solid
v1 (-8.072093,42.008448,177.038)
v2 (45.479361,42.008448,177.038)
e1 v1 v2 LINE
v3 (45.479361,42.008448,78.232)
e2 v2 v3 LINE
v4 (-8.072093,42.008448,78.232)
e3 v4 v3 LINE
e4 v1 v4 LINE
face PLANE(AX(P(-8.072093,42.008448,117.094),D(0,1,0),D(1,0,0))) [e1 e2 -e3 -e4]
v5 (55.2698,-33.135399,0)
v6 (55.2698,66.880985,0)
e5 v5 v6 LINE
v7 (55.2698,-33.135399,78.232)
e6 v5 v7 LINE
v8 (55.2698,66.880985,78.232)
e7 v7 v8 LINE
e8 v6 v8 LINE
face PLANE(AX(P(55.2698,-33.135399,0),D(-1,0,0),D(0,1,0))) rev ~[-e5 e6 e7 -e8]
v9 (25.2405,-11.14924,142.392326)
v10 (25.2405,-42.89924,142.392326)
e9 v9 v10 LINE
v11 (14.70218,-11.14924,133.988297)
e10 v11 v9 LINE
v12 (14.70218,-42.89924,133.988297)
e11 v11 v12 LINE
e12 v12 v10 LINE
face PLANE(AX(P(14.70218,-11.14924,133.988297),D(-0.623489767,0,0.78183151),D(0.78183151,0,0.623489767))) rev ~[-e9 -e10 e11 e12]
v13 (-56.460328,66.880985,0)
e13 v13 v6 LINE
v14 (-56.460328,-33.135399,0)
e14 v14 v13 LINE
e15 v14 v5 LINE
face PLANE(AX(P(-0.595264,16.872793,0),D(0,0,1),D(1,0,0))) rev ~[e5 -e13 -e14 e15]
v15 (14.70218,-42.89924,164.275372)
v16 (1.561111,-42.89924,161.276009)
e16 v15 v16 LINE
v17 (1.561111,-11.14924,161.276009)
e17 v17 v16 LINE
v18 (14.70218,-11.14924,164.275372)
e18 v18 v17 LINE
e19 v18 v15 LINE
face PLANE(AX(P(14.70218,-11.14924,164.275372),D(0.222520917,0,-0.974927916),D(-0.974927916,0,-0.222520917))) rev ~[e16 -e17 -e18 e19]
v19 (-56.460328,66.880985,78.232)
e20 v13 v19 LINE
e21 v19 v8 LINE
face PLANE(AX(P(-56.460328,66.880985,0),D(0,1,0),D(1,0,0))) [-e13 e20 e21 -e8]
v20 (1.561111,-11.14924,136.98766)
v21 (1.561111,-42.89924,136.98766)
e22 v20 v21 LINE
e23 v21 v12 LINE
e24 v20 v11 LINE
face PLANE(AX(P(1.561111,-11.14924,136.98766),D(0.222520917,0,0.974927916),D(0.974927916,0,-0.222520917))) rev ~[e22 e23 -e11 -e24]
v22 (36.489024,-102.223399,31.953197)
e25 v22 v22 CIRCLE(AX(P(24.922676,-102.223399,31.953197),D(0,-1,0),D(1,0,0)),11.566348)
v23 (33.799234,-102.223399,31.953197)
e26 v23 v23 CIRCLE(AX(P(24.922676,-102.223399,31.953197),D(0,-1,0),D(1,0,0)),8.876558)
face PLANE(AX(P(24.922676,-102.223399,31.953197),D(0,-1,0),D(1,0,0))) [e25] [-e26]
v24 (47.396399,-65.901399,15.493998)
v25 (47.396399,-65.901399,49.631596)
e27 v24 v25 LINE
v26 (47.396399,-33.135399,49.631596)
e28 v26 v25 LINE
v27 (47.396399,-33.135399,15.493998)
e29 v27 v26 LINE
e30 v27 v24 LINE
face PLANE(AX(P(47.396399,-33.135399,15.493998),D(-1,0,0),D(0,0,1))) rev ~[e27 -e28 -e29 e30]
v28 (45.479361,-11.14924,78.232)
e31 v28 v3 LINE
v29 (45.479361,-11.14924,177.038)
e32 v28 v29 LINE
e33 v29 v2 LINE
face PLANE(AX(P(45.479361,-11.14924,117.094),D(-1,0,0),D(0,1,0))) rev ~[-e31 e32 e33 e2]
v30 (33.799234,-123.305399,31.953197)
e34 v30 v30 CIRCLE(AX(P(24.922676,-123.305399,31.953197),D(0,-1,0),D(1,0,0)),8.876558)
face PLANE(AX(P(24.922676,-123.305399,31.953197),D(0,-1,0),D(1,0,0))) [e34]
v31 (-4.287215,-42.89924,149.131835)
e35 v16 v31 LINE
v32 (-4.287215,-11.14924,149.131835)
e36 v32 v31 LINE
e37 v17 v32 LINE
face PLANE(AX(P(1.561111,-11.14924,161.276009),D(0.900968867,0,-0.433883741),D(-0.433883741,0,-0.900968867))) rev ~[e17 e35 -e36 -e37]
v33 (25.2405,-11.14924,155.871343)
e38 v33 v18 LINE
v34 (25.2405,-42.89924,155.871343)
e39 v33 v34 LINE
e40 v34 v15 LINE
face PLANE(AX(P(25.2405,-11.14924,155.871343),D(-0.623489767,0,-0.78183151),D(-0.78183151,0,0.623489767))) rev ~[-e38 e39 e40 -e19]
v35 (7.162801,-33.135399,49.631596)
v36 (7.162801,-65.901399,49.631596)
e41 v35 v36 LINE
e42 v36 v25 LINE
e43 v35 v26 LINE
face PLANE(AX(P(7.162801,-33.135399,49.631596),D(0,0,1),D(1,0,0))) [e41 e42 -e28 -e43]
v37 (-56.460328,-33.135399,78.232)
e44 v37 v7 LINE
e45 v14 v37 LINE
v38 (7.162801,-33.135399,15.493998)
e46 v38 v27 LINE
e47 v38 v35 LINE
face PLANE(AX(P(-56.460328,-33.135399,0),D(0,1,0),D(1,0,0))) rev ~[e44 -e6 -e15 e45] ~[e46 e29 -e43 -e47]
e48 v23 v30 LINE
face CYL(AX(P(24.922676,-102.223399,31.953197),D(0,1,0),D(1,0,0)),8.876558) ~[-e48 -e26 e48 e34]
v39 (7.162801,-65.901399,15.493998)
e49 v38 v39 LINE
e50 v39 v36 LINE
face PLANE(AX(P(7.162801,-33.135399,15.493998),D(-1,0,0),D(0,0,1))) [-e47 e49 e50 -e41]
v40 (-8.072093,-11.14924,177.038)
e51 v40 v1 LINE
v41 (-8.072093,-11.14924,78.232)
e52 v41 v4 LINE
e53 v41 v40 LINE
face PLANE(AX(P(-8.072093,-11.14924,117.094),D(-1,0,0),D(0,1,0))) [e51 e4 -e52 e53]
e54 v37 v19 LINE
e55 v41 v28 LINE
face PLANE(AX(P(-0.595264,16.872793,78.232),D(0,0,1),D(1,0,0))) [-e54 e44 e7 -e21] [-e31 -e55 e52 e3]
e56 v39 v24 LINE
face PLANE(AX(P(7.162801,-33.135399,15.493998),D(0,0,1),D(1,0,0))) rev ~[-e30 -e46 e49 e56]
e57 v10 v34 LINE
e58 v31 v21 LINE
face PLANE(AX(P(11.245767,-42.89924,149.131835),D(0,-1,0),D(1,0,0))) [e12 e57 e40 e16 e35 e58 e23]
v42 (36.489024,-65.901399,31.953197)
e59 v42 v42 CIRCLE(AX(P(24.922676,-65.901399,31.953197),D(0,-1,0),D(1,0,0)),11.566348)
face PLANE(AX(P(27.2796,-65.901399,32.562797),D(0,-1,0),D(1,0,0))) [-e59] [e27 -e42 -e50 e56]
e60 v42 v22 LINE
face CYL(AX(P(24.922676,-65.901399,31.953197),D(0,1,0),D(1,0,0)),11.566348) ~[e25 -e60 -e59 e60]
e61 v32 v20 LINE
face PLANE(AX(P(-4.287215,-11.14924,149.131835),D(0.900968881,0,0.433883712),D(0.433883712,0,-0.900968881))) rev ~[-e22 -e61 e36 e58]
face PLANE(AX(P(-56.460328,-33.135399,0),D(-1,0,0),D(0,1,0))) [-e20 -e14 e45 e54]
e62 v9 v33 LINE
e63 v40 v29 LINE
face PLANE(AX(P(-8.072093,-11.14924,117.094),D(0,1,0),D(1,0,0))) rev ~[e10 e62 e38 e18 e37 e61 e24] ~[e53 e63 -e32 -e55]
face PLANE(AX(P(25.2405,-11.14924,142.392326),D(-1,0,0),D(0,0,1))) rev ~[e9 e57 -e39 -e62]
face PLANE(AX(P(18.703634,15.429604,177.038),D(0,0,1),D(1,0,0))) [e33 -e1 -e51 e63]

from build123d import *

# Parameters (mm, degrees)
F0_W      = 111.730128
F0_H      = 100.016385
F1_DEPTH  = 78.232
F2_W      = 40.233598
F2_H      = 34.137598
F3_DEPTH  = 32.766
F4_R      = 11.566348
F5_DEPTH  = 36.322
F6_R      = 8.876558
F7_DEPTH  = 21.082
F8_W      = 53.551454
F8_H      = 53.157688
F9_DEPTH  = 38.862
F9_FACE_W = 53.551454
F9_FACE_H = 53.157688
F10_DEPTH = 59.944
F12_DEPTH = 31.75


with BuildPart() as f1:
    # F0 (on Top) → F1 (new body)
    with BuildSketch(Plane.XY):
        with Locations((-0.595264, 16.872793)):
            Rectangle(F0_W, F0_H)
    extrude(amount=F1_DEPTH)

    # F2 (on face) → F3 (join)
    with BuildSketch(Plane.XZ.offset(33.135399)):
        with Locations((27.2796, 32.562797)):
            Rectangle(F2_W, F2_H)
    extrude(amount=F3_DEPTH)

    # F4 (on face) → F5 (join)
    with BuildSketch(Plane.XZ.offset(65.901399)):
        with Locations((24.922676, 31.953197)):
            Circle(F4_R)
    extrude(amount=F5_DEPTH)

    # F6 (on face) → F7 (join)
    with BuildSketch(Plane.XZ.offset(102.223399)):
        with Locations((24.922676, 31.953197)):
            Circle(F6_R)
    extrude(amount=F7_DEPTH)

    # F8 (on face) → F9 (join)
    with BuildSketch(Plane.XY.offset(78.232)):
        with Locations((18.703634, 15.429604)):
            Rectangle(F8_W, F8_H)
    extrude(amount=F9_DEPTH)

    # F9_face (on face) → F10 (join)
    with BuildSketch(Plane(origin=(18.703634, 15.429604, 117.094), x_dir=(1, 0, 0), z_dir=(0, 0, 1))):
        Rectangle(F9_FACE_W, F9_FACE_H)
    extrude(amount=F10_DEPTH)

    # F11 (on face) → F12 (join)
    with BuildSketch(Plane.XZ.offset(11.14924)):
        Polygon((25.2405, 142.392326), (25.2405, 155.871343), (14.70218, 164.275372), (1.561111, 161.276009), (-4.287215, 149.131835), (1.561111, 136.98766), (14.70218, 133.988297), align=None)
    extrude(amount=F12_DEPTH)


solid = f1.part
